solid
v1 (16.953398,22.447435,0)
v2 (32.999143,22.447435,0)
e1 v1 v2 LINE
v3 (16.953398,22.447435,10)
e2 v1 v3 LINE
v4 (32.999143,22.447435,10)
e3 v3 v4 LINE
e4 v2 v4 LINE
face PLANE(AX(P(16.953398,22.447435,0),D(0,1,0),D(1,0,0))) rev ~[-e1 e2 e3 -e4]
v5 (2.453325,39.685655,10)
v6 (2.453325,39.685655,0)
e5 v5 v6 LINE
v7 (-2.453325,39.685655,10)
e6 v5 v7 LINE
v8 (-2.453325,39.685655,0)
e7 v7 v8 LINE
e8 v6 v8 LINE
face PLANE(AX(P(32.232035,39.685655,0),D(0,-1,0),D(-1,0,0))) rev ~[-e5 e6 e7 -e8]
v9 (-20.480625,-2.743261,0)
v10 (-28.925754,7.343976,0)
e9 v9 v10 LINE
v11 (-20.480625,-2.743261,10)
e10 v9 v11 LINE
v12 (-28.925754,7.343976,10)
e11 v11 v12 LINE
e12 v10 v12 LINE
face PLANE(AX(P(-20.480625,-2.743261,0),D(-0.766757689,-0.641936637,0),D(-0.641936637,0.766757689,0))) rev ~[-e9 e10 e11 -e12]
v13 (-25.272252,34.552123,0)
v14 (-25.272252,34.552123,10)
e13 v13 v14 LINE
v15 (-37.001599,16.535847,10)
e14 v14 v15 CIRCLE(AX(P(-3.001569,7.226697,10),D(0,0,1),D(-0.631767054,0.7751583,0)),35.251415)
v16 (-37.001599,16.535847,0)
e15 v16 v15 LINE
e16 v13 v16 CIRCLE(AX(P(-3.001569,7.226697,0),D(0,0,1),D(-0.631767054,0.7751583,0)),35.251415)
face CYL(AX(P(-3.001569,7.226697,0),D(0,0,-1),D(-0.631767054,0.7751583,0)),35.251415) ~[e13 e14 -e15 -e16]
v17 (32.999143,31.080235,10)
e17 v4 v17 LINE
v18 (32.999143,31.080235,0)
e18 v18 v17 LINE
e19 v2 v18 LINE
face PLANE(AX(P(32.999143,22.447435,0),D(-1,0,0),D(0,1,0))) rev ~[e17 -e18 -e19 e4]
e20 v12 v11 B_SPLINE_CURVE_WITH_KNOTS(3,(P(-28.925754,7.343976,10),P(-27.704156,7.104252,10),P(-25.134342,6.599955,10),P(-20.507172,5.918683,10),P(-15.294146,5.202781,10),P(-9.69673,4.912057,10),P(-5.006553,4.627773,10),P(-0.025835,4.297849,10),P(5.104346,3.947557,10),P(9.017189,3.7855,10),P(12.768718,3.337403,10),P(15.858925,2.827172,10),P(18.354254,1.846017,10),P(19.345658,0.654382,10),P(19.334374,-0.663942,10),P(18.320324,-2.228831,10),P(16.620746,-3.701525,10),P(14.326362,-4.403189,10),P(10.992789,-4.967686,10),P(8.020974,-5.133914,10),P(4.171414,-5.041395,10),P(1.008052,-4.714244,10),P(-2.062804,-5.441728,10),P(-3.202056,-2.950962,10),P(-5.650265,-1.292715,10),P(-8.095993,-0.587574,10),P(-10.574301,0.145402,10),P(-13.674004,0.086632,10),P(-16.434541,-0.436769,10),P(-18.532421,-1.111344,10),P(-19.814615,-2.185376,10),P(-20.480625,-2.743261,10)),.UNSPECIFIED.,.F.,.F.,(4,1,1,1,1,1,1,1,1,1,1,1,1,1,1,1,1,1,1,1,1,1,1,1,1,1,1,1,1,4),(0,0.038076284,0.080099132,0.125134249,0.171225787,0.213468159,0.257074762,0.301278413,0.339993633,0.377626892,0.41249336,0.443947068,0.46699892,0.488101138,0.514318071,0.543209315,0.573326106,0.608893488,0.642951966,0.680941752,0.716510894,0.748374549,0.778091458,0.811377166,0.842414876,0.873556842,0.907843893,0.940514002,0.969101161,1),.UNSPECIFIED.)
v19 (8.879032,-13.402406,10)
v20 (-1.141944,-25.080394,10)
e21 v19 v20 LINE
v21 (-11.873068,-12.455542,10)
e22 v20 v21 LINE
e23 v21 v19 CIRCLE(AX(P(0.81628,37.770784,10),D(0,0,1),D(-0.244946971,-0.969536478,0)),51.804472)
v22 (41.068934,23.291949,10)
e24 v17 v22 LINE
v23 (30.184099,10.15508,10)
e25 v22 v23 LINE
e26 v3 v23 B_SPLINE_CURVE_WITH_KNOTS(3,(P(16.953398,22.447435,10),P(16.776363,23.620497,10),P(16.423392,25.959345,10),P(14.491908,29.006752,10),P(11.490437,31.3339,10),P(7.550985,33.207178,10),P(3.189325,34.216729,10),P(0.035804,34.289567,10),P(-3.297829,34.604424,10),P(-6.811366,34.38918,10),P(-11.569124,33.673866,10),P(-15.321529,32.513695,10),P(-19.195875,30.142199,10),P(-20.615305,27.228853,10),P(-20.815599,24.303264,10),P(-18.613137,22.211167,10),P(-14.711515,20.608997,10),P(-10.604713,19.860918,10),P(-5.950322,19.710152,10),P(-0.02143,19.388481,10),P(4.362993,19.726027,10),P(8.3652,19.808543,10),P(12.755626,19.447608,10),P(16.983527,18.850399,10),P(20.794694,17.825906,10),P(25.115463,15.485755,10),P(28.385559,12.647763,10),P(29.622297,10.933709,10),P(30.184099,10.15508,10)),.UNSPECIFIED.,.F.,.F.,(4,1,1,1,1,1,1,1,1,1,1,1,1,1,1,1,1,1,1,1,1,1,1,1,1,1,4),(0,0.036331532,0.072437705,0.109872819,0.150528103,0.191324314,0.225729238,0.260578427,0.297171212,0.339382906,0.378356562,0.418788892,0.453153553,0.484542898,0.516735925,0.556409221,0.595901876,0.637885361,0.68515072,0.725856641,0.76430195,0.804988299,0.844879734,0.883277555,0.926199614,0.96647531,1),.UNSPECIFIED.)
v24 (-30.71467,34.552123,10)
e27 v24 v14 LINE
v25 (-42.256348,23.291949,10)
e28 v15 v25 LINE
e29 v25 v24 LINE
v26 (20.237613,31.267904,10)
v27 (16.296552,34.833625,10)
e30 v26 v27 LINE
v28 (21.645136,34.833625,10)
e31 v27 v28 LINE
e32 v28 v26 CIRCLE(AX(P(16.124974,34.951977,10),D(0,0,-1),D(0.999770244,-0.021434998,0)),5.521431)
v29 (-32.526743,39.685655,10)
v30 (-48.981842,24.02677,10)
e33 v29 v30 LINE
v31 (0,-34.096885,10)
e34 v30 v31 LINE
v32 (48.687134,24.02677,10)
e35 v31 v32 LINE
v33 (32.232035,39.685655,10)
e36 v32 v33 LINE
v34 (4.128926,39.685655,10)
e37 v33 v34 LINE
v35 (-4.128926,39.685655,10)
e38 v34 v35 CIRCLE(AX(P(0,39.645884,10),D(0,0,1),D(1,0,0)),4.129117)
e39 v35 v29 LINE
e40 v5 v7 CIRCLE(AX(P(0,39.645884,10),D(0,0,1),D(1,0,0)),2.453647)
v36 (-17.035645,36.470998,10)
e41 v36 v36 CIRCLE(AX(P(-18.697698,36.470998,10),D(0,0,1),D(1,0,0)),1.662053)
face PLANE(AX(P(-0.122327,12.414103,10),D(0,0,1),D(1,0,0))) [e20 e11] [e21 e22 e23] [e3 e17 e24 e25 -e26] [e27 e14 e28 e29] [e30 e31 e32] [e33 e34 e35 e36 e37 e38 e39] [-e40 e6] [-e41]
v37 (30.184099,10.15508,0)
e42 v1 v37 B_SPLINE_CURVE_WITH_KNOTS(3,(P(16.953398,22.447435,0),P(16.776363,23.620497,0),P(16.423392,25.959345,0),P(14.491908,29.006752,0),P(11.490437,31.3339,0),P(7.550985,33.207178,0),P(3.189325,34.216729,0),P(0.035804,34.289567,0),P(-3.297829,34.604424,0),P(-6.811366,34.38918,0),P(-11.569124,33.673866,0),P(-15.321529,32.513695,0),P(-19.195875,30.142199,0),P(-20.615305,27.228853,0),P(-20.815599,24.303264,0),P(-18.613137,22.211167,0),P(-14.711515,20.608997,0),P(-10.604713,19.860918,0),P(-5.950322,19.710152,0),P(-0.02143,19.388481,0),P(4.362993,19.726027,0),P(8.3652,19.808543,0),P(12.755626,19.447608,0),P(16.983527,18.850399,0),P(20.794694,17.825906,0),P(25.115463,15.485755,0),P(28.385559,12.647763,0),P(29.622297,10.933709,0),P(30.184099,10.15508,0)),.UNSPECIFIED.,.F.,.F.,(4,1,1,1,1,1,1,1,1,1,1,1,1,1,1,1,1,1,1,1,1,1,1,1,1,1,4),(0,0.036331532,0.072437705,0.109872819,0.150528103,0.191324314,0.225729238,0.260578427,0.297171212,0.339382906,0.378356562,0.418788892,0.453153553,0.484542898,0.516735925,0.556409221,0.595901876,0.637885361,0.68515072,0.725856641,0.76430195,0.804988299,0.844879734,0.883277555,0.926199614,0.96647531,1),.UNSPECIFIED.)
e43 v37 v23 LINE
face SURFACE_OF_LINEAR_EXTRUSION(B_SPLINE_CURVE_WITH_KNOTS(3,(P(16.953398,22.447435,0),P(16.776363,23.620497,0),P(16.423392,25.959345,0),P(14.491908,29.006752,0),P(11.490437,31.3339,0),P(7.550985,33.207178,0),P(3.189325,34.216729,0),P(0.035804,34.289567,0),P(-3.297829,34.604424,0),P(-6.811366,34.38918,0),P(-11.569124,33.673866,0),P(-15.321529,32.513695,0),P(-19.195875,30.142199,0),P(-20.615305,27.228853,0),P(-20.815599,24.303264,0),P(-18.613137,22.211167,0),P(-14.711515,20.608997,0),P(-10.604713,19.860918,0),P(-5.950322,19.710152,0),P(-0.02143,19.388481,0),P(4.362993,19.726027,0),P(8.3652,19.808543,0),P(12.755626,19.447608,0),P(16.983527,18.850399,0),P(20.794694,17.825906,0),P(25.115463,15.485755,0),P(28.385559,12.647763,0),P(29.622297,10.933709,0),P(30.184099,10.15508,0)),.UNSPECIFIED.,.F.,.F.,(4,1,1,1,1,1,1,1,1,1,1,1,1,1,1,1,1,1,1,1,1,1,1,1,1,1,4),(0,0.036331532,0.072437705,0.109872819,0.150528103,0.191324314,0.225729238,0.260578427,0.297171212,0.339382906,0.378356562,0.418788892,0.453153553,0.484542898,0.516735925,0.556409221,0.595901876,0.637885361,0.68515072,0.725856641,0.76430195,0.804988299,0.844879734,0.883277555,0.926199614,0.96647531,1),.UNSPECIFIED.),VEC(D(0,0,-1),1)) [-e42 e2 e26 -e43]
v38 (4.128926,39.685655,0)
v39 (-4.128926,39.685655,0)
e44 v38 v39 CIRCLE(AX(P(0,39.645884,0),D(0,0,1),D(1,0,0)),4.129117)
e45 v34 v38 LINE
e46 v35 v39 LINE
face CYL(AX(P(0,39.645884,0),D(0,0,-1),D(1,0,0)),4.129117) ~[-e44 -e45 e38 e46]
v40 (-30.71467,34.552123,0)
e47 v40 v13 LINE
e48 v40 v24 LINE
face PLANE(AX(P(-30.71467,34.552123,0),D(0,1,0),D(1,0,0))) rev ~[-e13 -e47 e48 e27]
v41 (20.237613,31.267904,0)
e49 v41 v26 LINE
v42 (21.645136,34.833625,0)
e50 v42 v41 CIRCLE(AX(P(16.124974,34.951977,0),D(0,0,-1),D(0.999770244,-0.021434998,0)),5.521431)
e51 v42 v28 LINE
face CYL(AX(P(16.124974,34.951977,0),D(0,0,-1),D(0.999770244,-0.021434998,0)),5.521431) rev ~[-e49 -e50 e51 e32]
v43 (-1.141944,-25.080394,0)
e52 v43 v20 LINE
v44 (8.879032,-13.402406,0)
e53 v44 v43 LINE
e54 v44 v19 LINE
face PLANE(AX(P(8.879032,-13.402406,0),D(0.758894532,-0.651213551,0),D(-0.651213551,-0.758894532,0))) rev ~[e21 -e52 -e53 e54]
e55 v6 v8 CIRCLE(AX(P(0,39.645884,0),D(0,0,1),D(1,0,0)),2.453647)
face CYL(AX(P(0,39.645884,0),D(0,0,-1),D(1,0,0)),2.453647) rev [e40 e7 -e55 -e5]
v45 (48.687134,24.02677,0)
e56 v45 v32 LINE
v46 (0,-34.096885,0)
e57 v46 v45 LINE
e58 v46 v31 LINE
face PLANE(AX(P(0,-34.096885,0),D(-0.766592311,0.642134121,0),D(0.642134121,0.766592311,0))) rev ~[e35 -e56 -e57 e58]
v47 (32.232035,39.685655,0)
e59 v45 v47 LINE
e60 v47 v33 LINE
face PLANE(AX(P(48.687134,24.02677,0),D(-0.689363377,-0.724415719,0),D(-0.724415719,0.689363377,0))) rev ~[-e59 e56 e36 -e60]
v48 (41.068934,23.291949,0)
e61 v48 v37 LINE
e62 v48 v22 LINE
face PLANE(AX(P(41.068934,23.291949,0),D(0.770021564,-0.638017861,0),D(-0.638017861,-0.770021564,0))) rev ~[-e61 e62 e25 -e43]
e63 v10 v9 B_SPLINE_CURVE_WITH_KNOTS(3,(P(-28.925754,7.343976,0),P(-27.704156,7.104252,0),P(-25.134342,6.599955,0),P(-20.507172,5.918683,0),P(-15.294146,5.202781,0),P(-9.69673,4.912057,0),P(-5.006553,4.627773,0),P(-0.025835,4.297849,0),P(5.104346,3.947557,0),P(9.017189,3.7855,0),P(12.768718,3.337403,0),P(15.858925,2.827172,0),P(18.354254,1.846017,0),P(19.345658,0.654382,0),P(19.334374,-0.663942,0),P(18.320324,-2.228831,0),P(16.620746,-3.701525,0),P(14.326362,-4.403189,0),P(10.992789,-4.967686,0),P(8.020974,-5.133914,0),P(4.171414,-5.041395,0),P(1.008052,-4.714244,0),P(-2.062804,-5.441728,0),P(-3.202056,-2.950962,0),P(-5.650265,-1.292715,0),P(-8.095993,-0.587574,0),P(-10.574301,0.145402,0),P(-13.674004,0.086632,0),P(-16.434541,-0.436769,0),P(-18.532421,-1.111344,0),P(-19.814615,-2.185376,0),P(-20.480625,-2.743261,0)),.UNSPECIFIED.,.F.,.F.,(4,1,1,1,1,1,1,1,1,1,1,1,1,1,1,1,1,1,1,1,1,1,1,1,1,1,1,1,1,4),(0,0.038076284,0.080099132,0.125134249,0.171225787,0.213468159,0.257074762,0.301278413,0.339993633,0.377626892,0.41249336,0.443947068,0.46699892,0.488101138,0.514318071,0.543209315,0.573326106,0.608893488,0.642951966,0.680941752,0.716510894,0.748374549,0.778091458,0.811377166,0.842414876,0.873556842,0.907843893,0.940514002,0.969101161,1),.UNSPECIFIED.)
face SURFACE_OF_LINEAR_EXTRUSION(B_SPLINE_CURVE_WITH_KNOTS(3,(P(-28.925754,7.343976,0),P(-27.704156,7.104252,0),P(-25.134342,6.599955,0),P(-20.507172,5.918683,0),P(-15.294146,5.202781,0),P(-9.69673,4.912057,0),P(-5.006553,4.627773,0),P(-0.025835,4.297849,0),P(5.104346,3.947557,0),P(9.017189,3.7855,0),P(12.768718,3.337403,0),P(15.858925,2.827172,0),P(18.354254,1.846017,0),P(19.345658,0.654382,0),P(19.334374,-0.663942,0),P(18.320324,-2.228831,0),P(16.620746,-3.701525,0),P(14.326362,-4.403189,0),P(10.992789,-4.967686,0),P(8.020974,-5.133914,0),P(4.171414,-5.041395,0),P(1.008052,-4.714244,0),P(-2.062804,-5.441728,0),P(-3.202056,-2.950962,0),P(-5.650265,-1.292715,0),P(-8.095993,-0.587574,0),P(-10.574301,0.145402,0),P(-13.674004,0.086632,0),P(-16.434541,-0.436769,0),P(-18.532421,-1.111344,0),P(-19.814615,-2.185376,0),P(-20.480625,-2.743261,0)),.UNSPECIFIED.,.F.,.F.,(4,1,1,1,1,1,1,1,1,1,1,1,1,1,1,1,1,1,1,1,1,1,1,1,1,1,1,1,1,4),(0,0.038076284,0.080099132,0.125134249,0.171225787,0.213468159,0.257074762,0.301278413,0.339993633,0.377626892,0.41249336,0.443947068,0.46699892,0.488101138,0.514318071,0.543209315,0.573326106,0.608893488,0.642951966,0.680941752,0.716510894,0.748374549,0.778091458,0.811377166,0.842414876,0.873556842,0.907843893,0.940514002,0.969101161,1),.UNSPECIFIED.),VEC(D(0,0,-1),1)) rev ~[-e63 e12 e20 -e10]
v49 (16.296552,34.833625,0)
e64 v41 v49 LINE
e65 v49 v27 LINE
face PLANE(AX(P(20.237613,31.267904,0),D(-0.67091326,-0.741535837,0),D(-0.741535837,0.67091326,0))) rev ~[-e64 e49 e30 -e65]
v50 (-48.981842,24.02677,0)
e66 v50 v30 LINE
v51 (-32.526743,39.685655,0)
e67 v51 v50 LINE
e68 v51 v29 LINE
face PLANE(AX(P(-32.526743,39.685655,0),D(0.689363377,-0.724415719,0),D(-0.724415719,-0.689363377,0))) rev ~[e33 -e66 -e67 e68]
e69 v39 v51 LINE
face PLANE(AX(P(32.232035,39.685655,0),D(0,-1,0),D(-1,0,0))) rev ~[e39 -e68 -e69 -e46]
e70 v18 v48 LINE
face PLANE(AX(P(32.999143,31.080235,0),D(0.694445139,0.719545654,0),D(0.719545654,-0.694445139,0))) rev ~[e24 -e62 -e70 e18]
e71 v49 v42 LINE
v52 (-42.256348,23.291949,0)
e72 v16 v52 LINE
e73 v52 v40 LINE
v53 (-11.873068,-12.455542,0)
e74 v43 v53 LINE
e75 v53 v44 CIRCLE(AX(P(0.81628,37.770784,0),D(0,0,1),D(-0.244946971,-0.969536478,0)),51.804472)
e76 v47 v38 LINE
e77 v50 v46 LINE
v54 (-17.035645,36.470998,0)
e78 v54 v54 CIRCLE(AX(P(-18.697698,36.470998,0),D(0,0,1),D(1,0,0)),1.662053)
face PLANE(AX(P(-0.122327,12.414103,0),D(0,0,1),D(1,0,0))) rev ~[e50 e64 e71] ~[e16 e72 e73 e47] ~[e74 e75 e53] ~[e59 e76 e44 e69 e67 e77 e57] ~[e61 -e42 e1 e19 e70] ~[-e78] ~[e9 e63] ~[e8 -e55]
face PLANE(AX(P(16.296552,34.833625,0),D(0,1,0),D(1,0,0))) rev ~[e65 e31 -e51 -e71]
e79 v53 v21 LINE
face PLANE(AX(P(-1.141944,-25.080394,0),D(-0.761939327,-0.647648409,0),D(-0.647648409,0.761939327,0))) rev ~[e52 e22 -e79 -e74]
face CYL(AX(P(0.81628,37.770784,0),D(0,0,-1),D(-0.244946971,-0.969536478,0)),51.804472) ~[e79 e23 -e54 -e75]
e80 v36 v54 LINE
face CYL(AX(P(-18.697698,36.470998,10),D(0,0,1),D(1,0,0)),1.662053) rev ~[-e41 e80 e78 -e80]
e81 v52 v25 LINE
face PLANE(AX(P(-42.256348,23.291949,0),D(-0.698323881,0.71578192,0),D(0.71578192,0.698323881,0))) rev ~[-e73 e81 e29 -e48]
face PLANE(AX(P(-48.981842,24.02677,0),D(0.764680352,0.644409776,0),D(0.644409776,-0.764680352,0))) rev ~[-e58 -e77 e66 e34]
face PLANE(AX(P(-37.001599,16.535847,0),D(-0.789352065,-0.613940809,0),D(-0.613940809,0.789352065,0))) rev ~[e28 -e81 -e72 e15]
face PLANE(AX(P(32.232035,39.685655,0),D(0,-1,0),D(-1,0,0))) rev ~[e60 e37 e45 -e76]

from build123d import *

# Parameters (mm, degrees)
F1_DEPTH = 10
F2_R     = 4.1291172472
F2_R_2   = 2.4536472003
F3_DEPTH = 10
F4_R     = 1.6620527227
F5_DEPTH = 10


with BuildPart() as f1:
    # F0 (on Top) → F1 (new body)
    with BuildSketch(Plane.XY):
        Polygon((48.6871339381, 24.0267701447), (32.2320349514, 39.6856553853), (-32.526742667, 39.6856553853), (-48.9818416536, 24.0267701447), (0, -34.0968854725), align=None)
        with BuildLine():
            Line((-1.1419440852, -25.0803939998), (-11.873068288, -12.4555416405))
            ThreePointArc((-11.873068288, -12.4555416405), (-1.5449667897, -13.9798475555), (8.879031986, -13.4024061263))
            Line((8.879031986, -13.4024061263), (-1.1419440852, -25.0803939998))
        make_face(mode=Mode.SUBTRACT)
        with BuildLine():
            Line((-20.4806253314, -2.7432614006), (-28.9257541299, 7.3439762928))
            add(Edge.make_bspline(
                [(-28.9257541299, 7.3439762928), (-27.7041557533, 7.1042516196), (-25.1343417086, 6.5999550817), (-20.5071721755, 5.9186828612), (-15.2941459695, 5.2027810961), (-9.6967303355, 4.912056573), (-5.0065526043, 4.6277734968), (-0.0258348095, 4.2978486992), (5.1043461483, 3.9475572244), (9.0171892798, 3.78550029), (12.7687184921, 3.3374030894), (15.8589246558, 2.8271719807), (18.354253956, 1.846017111), (19.3456576886, 0.6543818951), (19.3343744233, -0.6639424899), (18.3203235578, -2.2288312883), (16.6207460101, -3.7015245055), (14.3263622499, -4.4031891089), (10.9927891698, -4.9676859057), (8.0209735922, -5.133913569), (4.1714143655, -5.0413954433), (1.0080516098, -4.7142444082), (-2.0628040973, -5.4417284499), (-3.2020564374, -2.9509618201), (-5.6502647675, -1.2927149709), (-8.0959932843, -0.5875744815), (-10.5743010217, 0.1454018515), (-13.6740035748, 0.0866319645), (-16.4345411652, -0.4367687795), (-18.5324211083, -1.1113439505), (-19.8146148511, -2.1853762919), (-20.4806253314, -2.7432614006)],
                knots=[0, 0, 0, 0, 0.0380762841, 0.080099132, 0.1251342494, 0.1712257874, 0.2134681593, 0.2570747621, 0.3012784126, 0.3399936328, 0.3776268916, 0.4124933602, 0.4439470678, 0.4669989198, 0.4881011378, 0.5143180706, 0.5432093149, 0.5733261064, 0.6088934877, 0.6429519661, 0.6809417518, 0.7165108938, 0.7483745487, 0.7780914579, 0.8113771663, 0.8424148757, 0.8735568422, 0.9078438929, 0.9405140025, 0.9691011612, 1, 1, 1, 1], degree=3))
        make_face(mode=Mode.SUBTRACT)
        with BuildLine():
            Line((-30.7146701962, 34.5521233976), (-25.2722520381, 34.5521233976))
            ThreePointArc((-25.2722520381, 34.5521233976), (-32.5438240837, 26.4599346385), (-37.0015986264, 16.5358465165))
            Line((-37.0015986264, 16.5358465165), (-42.2563478351, 23.2919491827))
            Line((-42.2563478351, 23.2919491827), (-30.7146701962, 34.5521233976))
        make_face(mode=Mode.SUBTRACT)
        with BuildLine():
            Line((32.9991430044, 22.4474351853), (32.9991430044, 31.0802347958))
            Line((32.9991430044, 31.0802347958), (41.0689339042, 23.2919491827))
            Line((41.0689339042, 23.2919491827), (30.1840994507, 10.1550798863))
            add(Edge.make_bspline(
                [(16.9533975422, 22.4474351853), (16.7763630876, 23.6204972546), (16.4233922904, 25.9593451066), (14.4919082724, 29.0067524158), (11.4904366669, 31.3338997816), (7.5509848624, 33.2071783395), (3.1893253694, 34.2167292744), (0.0358040039, 34.2895670891), (-3.2978287831, 34.6044239604), (-6.8113658449, 34.3891801132), (-11.5691240889, 33.6738660531), (-15.3215294824, 32.5136949841), (-19.1958746976, 30.1421993503), (-20.6153048829, 27.2288525323), (-20.8155992268, 24.3032637665), (-18.6131368315, 22.2111671921), (-14.7115151734, 20.6089967349), (-10.604713445, 19.8609182978), (-5.9503220493, 19.7101519654), (-0.0214302707, 19.3884805067), (4.3629930527, 19.726026752), (8.3651996911, 19.8085427382), (12.7556258455, 19.447607518), (16.9835267692, 18.8503988421), (20.7946936237, 17.8259063338), (25.1154626388, 15.4857554411), (28.3855587226, 12.6477632954), (29.6222967244, 10.9337090901), (30.1840994507, 10.1550798863)],
                knots=[0, 0, 0, 0, 0.0363315316, 0.0724377054, 0.1098728187, 0.1505281026, 0.1913243143, 0.2257292376, 0.260578427, 0.2971712123, 0.339382906, 0.3783565619, 0.4187888916, 0.4531535528, 0.4845428977, 0.5167359254, 0.5564092211, 0.5959018756, 0.6378853615, 0.6851507204, 0.7258566415, 0.7643019496, 0.8049882992, 0.8448797337, 0.8832775553, 0.9261996139, 0.96647531, 1, 1, 1, 1], degree=3))
            Line((16.9533975422, 22.4474351853), (32.9991430044, 22.4474351853))
        make_face(mode=Mode.SUBTRACT)
        with BuildLine():
            Line((20.2376134694, 31.2679037452), (16.2965524942, 34.833624959))
            Line((16.2965524942, 34.833624959), (21.6451361775, 34.833624959))
            ThreePointArc((21.6451361775, 34.833624959), (21.2607610669, 32.9246907296), (20.2376134694, 31.2679037452))
        make_face(mode=Mode.SUBTRACT)
    extrude(amount=F1_DEPTH)

    # F2 (on Top) → F3 (join)
    with BuildSketch(Plane.XY):
        with Locations((0, 39.645884186)):
            Circle(F2_R)
        with Locations((0, 39.645884186)):
            Circle(F2_R_2, mode=Mode.SUBTRACT)
    extrude(amount=F3_DEPTH)

    # F4 (on face) → F5 (cut, through all)
    with BuildSketch(Plane.XY.offset(10)):
        with Locations((-18.6976976693, 36.4709980786)):
            Circle(F4_R)
    extrude(amount=-F5_DEPTH, mode=Mode.SUBTRACT)


solid = f1.part
